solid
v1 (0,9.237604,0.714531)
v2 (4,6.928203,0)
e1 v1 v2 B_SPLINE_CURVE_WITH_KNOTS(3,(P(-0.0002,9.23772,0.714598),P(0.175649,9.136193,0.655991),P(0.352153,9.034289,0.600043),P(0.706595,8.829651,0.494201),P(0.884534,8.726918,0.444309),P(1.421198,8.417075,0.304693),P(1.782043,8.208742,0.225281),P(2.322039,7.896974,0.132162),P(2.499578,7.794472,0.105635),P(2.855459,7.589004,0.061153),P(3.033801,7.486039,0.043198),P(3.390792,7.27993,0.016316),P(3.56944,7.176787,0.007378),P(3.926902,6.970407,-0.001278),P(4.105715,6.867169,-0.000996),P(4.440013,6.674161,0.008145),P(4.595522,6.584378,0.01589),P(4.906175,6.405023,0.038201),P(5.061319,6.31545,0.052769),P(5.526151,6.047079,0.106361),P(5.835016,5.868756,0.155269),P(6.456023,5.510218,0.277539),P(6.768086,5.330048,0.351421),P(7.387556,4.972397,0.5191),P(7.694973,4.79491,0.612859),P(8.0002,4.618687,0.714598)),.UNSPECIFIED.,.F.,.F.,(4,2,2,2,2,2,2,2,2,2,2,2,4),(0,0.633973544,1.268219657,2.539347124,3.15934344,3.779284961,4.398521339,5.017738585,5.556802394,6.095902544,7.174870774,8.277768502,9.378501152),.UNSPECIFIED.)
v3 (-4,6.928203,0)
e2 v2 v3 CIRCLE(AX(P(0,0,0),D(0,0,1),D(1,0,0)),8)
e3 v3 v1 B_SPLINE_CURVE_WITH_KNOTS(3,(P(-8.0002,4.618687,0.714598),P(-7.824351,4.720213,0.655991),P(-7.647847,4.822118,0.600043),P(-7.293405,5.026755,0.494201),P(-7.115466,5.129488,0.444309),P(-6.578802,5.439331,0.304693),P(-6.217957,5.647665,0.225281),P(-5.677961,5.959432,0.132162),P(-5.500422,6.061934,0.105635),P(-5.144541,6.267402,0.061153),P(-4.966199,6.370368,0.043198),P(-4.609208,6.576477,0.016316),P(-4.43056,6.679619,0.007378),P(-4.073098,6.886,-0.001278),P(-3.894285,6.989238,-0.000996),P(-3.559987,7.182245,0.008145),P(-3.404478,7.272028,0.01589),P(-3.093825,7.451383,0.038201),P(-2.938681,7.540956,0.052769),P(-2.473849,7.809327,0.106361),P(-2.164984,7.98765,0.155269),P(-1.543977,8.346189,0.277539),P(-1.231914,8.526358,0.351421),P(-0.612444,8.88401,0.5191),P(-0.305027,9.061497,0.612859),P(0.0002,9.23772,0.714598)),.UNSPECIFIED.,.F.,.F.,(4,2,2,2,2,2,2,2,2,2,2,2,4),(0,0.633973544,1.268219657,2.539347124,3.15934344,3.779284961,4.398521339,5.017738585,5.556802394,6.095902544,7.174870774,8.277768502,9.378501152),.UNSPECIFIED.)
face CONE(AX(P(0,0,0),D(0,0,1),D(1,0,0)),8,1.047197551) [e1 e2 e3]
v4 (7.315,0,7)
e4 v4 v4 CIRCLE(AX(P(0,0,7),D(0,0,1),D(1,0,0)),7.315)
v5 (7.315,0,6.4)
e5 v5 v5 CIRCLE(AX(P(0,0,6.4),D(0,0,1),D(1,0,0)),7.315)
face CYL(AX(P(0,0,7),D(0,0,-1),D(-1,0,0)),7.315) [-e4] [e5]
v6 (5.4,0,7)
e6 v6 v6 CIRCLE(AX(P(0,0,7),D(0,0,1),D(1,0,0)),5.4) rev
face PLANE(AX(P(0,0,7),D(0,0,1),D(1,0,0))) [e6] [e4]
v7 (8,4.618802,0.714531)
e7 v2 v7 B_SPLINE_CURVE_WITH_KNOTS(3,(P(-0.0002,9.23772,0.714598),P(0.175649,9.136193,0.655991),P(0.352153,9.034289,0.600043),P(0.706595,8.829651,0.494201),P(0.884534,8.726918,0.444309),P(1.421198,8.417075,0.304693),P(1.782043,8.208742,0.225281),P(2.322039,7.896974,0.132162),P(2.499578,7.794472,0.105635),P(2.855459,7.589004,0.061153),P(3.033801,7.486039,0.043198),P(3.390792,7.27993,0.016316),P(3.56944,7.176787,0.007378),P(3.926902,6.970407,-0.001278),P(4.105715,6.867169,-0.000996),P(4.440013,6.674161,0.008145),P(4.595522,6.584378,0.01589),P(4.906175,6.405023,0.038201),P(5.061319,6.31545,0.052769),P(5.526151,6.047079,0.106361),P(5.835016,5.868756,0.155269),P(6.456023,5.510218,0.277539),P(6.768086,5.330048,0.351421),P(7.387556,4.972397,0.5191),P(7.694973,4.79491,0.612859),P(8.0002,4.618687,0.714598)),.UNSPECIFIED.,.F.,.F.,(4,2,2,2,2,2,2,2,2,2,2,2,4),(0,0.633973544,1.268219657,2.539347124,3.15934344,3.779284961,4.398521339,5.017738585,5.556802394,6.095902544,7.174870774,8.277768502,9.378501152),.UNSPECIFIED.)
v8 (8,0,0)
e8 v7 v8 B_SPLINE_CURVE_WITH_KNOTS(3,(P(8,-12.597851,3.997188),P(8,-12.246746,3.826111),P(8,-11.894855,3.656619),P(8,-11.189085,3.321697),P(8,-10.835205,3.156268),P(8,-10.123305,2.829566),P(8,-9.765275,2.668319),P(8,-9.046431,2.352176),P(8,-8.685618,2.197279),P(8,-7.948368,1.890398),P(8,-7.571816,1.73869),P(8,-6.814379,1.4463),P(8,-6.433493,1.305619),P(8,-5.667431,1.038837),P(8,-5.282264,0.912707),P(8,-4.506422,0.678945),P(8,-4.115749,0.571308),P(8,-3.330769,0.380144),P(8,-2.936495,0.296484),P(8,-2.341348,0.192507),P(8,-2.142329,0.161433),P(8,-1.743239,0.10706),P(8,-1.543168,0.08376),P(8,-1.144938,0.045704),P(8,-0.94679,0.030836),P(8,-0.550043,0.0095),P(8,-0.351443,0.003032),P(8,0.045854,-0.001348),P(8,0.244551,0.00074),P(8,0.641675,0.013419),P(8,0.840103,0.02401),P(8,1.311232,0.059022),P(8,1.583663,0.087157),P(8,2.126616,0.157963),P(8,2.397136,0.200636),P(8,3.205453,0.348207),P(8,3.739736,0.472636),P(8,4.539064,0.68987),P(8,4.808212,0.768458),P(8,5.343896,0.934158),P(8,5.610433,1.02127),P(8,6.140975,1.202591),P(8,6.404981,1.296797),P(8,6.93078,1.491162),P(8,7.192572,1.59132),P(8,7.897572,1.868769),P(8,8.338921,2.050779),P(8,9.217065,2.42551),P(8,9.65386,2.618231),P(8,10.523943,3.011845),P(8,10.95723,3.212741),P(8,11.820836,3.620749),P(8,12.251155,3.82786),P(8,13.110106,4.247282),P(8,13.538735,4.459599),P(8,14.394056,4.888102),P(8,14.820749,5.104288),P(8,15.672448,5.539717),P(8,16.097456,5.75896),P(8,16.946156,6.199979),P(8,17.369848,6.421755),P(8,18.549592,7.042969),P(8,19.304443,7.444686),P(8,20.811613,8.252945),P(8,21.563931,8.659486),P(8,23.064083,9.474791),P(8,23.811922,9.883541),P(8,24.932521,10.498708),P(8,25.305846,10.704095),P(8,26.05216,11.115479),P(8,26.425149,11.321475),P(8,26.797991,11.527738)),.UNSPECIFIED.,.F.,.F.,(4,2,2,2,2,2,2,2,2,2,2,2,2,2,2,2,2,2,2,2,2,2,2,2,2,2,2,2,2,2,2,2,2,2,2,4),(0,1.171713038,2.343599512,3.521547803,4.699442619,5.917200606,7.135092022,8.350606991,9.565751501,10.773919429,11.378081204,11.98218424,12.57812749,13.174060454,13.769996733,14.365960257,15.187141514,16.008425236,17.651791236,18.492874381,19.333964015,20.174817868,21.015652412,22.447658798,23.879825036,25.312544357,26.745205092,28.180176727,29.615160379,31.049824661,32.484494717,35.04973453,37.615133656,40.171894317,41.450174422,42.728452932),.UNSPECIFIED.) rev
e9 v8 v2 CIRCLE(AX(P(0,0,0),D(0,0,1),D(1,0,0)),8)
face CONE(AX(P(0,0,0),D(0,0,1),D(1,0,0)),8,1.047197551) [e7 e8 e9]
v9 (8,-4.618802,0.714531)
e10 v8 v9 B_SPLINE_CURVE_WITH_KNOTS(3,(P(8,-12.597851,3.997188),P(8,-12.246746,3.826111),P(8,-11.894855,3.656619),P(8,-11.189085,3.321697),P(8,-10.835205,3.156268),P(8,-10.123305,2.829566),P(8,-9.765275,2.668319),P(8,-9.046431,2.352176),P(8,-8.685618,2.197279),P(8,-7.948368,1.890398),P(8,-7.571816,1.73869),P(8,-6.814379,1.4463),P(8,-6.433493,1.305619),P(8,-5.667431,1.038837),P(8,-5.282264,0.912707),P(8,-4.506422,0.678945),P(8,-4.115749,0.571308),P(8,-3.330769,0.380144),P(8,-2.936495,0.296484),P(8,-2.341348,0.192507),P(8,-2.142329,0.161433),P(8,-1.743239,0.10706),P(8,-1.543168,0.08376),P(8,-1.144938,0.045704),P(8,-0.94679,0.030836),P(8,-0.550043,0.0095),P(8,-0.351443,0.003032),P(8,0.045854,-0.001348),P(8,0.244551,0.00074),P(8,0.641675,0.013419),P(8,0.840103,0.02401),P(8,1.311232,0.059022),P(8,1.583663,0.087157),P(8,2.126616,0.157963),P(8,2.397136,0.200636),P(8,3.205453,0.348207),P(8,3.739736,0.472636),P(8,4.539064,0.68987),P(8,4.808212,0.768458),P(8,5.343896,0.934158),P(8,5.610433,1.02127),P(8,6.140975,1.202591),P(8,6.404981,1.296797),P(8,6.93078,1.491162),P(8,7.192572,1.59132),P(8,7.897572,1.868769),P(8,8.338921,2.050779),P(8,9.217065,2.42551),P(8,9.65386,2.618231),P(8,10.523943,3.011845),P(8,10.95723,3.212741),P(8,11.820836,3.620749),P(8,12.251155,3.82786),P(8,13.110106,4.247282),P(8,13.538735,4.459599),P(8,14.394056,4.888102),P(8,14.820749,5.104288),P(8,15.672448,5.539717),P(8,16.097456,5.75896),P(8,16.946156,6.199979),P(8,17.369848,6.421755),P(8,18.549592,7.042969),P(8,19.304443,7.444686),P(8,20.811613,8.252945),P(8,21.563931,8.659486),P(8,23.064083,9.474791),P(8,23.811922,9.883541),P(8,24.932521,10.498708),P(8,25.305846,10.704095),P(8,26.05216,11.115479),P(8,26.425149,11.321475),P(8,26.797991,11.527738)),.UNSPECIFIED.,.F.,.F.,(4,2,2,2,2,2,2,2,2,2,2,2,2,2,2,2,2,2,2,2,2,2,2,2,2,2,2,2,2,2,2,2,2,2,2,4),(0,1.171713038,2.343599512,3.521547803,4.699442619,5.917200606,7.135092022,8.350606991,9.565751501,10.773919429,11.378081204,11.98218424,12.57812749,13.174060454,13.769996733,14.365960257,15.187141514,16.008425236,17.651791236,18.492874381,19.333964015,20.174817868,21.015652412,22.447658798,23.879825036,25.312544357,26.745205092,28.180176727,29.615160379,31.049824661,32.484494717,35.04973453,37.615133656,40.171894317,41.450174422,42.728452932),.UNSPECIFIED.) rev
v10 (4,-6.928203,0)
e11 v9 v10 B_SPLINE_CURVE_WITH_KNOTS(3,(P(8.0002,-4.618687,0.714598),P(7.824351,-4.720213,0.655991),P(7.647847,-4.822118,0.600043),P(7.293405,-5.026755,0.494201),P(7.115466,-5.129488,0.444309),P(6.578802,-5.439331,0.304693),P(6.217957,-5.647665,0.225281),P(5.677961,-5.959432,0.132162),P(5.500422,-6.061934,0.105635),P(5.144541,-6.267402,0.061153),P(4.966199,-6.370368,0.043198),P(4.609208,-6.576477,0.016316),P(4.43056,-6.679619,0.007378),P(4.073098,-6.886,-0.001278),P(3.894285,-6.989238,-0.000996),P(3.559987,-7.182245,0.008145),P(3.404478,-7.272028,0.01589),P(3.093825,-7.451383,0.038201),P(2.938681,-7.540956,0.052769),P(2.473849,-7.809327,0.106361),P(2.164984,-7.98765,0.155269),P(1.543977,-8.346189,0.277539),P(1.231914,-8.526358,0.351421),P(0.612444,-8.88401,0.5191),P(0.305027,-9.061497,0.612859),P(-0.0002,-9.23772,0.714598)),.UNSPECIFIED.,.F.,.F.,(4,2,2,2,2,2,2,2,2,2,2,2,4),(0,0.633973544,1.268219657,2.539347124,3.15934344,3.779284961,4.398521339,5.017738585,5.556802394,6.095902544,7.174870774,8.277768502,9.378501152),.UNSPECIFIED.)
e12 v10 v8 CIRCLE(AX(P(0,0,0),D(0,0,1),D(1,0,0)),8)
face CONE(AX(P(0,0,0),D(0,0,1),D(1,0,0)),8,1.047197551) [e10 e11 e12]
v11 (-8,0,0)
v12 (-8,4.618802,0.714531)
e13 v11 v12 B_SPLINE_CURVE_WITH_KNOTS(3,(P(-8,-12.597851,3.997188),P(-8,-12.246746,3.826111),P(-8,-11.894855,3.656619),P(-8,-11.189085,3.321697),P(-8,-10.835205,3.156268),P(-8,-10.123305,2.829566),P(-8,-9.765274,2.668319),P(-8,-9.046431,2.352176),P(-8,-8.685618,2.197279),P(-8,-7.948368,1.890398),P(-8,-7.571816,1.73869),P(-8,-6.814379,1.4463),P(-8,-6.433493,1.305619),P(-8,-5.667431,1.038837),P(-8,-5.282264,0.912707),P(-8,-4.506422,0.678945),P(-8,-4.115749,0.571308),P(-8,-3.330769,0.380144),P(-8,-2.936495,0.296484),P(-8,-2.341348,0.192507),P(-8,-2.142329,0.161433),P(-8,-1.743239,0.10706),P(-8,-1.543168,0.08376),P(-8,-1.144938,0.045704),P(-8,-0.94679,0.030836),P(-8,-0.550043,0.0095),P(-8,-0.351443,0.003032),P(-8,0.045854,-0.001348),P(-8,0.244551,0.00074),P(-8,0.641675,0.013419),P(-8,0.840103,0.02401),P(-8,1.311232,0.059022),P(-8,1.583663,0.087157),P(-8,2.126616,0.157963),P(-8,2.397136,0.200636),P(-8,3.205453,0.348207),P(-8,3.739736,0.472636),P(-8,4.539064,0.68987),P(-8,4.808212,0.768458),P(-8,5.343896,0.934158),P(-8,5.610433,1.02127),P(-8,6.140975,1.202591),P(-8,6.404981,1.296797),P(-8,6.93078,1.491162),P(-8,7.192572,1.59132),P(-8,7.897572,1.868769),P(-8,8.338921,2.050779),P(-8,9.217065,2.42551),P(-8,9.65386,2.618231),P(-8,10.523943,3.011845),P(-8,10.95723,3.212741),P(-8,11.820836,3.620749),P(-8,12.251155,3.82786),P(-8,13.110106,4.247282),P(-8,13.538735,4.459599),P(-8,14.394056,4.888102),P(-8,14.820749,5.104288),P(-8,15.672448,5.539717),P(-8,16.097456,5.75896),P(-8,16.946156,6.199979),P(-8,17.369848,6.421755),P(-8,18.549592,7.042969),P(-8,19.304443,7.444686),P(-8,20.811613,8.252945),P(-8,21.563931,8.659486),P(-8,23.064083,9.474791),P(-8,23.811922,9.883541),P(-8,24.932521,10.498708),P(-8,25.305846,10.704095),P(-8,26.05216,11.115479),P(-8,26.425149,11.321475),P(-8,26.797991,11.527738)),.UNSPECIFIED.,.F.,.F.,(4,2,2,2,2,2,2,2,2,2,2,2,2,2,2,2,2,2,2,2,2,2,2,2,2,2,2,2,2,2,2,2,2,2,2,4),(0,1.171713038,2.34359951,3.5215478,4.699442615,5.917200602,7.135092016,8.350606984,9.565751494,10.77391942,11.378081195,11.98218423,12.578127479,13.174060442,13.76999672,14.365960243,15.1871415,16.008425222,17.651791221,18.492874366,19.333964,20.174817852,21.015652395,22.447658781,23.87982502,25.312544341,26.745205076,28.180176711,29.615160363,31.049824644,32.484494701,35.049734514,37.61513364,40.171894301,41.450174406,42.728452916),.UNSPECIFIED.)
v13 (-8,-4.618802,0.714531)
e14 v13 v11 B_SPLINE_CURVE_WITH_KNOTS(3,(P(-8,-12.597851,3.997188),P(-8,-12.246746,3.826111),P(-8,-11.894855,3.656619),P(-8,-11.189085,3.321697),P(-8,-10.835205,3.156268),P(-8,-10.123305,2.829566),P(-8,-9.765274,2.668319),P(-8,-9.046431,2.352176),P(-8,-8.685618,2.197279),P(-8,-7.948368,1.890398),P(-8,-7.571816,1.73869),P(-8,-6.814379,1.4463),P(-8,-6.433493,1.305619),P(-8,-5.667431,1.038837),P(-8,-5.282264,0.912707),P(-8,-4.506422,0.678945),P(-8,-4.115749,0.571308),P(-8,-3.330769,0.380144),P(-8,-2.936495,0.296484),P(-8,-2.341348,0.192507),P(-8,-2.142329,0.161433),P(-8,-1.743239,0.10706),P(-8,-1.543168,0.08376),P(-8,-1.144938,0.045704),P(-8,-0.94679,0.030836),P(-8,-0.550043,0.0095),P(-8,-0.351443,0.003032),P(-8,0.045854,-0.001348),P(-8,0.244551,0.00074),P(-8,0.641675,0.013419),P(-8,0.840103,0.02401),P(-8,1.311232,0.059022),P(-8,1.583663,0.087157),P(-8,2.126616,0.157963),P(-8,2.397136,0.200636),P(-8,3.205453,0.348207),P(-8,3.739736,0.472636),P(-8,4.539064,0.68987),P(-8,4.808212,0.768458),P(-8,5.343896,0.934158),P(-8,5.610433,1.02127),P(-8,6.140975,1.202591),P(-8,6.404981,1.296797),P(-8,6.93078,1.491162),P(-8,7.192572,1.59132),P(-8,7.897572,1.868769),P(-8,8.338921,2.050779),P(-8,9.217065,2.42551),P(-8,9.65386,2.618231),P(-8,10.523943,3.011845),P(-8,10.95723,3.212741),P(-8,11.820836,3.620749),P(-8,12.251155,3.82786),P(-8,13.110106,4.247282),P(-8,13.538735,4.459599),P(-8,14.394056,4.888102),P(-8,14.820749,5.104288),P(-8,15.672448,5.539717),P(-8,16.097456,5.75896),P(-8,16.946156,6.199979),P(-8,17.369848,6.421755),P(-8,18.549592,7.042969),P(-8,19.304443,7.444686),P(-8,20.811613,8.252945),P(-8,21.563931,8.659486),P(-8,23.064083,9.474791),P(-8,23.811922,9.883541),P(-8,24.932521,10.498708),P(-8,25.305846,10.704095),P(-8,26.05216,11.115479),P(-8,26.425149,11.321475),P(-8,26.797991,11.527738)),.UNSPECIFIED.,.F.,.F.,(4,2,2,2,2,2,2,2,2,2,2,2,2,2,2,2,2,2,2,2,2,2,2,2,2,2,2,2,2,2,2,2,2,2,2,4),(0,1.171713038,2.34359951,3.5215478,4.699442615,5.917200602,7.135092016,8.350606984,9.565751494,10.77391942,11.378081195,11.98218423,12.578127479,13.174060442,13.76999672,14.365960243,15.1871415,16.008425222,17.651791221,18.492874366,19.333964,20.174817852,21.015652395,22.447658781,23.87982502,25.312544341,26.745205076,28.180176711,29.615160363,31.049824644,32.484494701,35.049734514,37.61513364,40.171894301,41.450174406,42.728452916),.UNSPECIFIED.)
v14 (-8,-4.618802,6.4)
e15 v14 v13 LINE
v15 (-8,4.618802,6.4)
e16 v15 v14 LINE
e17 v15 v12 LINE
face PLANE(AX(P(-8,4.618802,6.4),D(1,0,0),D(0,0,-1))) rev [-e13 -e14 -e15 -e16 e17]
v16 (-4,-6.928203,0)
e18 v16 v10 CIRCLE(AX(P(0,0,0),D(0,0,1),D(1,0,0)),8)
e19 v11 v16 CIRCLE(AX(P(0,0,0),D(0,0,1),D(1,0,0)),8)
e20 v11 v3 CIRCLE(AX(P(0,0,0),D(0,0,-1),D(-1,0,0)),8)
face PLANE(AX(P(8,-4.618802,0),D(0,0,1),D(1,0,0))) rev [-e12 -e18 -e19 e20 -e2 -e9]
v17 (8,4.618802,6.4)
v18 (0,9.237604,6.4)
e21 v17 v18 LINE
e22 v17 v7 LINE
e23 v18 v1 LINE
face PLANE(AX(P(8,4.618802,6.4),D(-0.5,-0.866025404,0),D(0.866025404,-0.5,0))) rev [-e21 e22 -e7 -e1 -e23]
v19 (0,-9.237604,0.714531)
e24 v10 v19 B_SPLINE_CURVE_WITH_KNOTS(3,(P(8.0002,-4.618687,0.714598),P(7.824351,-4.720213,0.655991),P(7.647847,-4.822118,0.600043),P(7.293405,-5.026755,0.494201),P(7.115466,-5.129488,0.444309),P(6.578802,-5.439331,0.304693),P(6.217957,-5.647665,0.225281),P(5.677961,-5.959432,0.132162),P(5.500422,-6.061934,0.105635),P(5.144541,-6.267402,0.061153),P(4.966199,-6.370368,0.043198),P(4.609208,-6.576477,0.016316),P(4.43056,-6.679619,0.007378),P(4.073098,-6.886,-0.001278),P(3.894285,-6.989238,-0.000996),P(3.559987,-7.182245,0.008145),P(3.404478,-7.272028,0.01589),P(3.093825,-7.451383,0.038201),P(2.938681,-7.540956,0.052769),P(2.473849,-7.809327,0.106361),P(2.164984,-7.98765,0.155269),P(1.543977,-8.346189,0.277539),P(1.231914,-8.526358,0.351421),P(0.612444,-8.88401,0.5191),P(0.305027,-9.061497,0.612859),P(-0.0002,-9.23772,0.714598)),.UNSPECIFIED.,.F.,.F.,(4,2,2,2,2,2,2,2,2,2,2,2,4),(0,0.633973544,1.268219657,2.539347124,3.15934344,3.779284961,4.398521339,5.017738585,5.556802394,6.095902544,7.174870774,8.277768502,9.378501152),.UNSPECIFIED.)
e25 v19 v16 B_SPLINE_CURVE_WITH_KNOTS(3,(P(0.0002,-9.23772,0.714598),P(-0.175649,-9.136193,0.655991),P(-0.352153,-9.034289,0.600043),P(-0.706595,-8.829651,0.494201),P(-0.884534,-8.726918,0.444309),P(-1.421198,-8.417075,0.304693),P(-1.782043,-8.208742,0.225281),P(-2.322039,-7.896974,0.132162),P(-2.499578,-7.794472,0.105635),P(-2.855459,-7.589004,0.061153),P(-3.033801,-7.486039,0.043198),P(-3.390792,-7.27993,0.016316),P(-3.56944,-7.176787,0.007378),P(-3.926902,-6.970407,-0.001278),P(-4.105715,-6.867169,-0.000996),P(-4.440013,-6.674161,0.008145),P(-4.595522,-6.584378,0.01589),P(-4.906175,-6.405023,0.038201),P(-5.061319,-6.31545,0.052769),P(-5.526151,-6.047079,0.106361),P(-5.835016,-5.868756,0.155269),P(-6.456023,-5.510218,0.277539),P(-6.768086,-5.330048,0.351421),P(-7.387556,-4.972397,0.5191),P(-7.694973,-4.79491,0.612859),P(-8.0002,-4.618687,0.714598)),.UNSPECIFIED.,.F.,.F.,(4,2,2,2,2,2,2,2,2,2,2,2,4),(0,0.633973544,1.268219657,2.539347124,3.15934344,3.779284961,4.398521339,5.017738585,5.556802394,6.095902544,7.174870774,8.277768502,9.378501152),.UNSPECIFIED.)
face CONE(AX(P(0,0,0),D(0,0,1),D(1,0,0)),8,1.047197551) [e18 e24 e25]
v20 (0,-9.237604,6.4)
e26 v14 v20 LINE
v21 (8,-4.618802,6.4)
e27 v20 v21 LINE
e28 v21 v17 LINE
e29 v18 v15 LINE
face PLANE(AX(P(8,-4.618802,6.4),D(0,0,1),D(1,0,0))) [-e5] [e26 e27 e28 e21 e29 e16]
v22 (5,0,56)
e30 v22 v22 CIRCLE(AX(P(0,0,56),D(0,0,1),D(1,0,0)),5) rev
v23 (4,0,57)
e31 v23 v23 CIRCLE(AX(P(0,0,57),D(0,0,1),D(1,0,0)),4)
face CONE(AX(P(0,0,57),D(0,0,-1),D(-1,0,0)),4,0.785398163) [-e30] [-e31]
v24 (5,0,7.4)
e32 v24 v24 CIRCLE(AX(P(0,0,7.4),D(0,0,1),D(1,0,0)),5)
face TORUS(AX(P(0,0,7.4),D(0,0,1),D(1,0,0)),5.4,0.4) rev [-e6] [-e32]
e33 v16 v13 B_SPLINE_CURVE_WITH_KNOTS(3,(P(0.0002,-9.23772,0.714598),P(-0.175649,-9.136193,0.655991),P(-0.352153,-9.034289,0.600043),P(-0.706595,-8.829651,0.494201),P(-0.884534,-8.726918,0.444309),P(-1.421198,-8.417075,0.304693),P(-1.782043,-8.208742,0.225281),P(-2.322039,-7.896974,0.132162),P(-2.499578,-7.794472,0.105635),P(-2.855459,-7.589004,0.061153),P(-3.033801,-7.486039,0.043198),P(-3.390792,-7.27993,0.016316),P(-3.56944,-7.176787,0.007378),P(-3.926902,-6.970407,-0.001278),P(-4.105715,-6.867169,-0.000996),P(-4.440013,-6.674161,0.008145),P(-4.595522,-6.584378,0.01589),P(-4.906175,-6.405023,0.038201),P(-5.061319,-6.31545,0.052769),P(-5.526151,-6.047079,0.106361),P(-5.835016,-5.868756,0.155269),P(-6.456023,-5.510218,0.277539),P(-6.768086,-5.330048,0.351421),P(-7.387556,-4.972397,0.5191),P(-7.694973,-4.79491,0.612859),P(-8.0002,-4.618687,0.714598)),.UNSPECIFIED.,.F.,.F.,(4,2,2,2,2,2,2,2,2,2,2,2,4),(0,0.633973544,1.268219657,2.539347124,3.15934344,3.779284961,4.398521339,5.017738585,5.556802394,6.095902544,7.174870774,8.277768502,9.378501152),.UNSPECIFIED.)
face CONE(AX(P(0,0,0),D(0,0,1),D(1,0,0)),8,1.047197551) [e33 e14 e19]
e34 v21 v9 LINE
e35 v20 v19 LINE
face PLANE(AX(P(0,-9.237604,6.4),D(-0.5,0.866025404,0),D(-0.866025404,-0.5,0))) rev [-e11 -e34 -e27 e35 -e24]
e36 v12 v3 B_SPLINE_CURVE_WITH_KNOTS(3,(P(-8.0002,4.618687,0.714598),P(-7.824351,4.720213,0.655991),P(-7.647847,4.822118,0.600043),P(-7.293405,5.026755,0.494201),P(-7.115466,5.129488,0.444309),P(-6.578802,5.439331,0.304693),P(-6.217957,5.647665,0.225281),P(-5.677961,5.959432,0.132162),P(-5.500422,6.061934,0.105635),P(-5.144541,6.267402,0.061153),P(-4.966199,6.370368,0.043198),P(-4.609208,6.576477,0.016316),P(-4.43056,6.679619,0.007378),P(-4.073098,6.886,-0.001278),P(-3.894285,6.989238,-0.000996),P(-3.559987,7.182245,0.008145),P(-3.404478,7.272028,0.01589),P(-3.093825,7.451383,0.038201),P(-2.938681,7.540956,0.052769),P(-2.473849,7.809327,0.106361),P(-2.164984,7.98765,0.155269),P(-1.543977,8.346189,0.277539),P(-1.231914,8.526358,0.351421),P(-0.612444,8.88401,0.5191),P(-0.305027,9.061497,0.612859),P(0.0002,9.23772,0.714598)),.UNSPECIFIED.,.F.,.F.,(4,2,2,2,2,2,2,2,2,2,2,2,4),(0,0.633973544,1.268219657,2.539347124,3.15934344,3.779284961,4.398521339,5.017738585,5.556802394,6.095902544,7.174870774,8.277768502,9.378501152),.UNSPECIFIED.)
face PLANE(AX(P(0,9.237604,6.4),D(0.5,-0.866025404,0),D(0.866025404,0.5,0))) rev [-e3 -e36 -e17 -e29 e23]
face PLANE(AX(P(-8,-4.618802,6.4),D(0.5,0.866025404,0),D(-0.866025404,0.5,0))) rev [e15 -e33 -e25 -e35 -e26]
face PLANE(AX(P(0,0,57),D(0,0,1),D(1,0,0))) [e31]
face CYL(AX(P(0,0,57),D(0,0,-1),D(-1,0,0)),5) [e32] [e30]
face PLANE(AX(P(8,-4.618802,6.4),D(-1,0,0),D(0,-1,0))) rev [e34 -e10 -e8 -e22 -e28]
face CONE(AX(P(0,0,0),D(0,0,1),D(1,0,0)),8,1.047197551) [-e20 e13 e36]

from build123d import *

# Parameters (mm, degrees)
VYSUNOUT1_DEPTH = 6.4
SKICA3_R        = 7.315
VYSUNOUT2_DEPTH = 0.6
SKICA4_R        = 5
VYSUNOUT3_DEPTH = 50
ZKOSIT1_SIZE    = 1
ZAOBLIT1_R      = 0.4


with BuildPart() as part:
    # Skica1 → Vysunout1 (new body)
    with BuildSketch(Plane.XY):
        Polygon((8, -4.618802154), (8, 4.618802154), (0, 9.237604307), (-8, 4.618802154), (-8, -4.618802154), (0, -9.237604307), align=None)
    extrude(amount=VYSUNOUT1_DEPTH)

    # Skica2 → Odebrat otočením1 (revolve, cut)
    with BuildSketch(Plane(origin=(0, 0, 0), x_dir=(1, 0, 0), z_dir=(0, 1, 0))):
        Polygon((8, 0), (19.085125168, 0), (19.085125168, -6.4), align=None)
    revolve(axis=Axis((0, 0, 0), (0, 0, 1)), mode=Mode.SUBTRACT)

    # Skica3 → Vysunout2 (add)
    with BuildSketch(Plane.XY.offset(6.4)):
        Circle(SKICA3_R)
    extrude(amount=VYSUNOUT2_DEPTH)

    # Skica4 → Vysunout3 (add)
    with BuildSketch(Plane.XY.offset(7)):
        Circle(SKICA4_R)
    extrude(amount=VYSUNOUT3_DEPTH)

    # Zkosit1
    zkosit1_edges = [part.edges().sort_by_distance(p)[0] for p in [
        (-5, 0, 57),
    ]]
    chamfer(zkosit1_edges, length=ZKOSIT1_SIZE)

    # Zaoblit1
    zaoblit1_edges = [part.edges().sort_by_distance(p)[0] for p in [
        (-5, 0, 7),
    ]]
    fillet(zaoblit1_edges, radius=ZAOBLIT1_R)


solid = part.part
